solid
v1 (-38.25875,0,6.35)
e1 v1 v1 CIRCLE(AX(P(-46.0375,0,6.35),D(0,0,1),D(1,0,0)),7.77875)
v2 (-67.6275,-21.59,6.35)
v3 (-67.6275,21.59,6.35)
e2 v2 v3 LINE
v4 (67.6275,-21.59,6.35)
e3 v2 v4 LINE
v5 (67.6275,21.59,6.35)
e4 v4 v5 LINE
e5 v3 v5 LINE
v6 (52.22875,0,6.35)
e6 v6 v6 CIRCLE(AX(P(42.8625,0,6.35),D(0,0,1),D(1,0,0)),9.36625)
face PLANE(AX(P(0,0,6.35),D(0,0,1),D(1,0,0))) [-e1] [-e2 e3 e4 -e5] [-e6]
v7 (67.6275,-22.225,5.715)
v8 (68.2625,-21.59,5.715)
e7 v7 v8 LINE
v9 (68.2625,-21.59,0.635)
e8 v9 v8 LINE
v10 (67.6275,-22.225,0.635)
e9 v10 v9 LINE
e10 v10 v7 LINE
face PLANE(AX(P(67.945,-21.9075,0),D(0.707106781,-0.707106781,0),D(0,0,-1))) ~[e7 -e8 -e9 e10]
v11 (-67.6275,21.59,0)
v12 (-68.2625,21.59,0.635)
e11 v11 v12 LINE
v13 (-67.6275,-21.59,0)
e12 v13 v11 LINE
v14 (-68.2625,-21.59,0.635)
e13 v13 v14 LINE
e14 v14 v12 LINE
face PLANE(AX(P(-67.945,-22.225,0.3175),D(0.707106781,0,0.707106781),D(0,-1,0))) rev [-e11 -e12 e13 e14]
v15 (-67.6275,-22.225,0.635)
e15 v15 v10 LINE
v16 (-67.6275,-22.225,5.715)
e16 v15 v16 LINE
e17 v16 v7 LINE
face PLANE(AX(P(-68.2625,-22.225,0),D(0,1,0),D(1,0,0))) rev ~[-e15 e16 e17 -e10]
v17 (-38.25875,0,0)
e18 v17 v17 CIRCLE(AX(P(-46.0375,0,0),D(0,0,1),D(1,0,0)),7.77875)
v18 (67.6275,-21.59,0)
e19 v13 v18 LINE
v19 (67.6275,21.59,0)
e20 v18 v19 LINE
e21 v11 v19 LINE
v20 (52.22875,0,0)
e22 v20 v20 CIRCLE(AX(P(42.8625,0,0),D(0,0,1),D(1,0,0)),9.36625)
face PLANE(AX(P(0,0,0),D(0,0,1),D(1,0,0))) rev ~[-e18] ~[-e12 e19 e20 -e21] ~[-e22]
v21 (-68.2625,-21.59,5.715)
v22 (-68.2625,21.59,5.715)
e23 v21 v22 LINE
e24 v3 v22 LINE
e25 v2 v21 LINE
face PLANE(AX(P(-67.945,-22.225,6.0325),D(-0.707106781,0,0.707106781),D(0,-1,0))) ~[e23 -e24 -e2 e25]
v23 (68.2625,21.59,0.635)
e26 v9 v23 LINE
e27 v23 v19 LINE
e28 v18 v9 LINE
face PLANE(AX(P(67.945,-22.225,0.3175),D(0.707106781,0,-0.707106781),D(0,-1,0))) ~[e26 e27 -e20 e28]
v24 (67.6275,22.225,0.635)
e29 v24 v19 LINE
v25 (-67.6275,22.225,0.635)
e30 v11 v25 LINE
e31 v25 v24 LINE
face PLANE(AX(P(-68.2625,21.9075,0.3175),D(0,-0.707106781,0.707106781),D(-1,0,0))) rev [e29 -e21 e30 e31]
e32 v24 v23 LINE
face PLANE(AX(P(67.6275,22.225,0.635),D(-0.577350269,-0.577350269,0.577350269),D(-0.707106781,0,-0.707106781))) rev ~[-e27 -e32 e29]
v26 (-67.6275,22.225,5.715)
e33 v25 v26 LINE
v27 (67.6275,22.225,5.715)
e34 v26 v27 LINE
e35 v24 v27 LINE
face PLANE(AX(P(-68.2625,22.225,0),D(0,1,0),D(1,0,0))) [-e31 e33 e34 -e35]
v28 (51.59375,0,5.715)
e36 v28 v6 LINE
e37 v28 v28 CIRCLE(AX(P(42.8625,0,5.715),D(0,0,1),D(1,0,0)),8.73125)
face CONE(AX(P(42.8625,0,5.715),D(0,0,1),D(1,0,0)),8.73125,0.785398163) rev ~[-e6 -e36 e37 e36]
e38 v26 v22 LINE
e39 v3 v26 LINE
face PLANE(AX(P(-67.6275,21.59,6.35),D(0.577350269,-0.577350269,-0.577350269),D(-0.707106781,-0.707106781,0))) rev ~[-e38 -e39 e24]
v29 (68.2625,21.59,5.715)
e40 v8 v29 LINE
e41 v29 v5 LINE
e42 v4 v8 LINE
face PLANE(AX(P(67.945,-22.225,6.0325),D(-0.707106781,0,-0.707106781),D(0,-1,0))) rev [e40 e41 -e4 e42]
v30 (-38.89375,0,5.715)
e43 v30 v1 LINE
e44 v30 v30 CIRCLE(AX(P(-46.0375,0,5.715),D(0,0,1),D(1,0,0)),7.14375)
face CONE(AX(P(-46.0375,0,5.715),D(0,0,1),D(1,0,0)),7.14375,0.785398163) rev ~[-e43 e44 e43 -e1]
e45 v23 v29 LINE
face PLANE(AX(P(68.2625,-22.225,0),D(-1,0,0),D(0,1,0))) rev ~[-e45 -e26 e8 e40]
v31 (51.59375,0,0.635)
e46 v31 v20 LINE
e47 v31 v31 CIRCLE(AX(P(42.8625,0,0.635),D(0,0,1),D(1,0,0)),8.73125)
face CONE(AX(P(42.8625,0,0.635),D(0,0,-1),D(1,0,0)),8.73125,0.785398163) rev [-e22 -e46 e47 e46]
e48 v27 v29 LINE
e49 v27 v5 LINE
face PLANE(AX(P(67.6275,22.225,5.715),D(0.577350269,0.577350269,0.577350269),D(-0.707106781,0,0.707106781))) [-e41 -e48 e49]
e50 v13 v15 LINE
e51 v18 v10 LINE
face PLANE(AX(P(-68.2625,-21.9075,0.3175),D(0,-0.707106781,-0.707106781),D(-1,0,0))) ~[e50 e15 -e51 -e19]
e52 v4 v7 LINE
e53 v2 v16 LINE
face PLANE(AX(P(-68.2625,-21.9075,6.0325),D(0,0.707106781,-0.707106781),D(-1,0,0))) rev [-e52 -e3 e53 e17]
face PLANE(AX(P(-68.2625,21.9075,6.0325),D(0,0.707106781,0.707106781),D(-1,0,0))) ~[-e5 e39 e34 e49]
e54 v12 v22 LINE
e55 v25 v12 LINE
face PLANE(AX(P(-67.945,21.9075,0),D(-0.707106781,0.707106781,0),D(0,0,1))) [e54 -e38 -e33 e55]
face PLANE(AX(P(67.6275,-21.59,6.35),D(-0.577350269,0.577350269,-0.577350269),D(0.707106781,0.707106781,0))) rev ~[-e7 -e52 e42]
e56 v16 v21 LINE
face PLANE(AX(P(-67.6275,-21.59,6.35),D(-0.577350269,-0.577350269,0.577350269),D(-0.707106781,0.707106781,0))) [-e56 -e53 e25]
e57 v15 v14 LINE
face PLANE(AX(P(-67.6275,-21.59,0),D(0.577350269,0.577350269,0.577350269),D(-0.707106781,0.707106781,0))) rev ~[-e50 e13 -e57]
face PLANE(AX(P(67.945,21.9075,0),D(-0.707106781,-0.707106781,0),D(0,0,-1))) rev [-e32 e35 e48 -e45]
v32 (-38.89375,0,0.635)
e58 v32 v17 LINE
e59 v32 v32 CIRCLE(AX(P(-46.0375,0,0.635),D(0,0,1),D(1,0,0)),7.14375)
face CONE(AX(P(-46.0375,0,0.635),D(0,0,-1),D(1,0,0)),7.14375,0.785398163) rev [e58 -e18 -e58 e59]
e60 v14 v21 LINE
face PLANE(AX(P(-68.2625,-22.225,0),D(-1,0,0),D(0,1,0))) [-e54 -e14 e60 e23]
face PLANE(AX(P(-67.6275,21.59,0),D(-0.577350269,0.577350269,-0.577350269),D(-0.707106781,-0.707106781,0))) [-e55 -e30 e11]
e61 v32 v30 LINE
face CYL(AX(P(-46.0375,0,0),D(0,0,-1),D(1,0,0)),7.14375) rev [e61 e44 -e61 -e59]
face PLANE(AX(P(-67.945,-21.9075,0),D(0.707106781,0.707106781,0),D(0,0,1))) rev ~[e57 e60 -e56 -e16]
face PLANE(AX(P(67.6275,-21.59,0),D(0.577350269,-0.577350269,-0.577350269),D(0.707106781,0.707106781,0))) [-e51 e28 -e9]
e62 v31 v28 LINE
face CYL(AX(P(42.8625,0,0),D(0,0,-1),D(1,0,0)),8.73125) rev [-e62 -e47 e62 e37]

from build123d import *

# Parameters (mm, degrees)
F0_W     = 136.525
F0_H     = 44.45
F0_R     = 7.14375
F0_R_2   = 8.73125
F1_DEPTH = 6.35
F2_SIZE  = 0.635


with BuildPart() as f1:
    # F0 (on Top) → F1 (new body)
    with BuildSketch(Plane.XY):
        Rectangle(F0_W, F0_H)
        with Locations((-46.0375, 0)):
            Circle(F0_R, mode=Mode.SUBTRACT)
        with Locations((42.8625, 0)):
            Circle(F0_R_2, mode=Mode.SUBTRACT)
    extrude(amount=F1_DEPTH)

    # F2
    f2_edges = [f1.edges().sort_by_distance(p)[0] for p in [
        (-68.2625, -22.225, 3.175),
        (68.2625, -22.225, 3.175),
        (0, -22.225, 0),
        (0, -22.225, 6.35),
        (68.2625, 0, 6.35),
        (68.2625, 0, 0),
        (68.2625, 22.225, 3.175),
        (-68.2625, 22.225, 3.175),
        (0, 22.225, 0),
        (0, 22.225, 6.35),
        (34.13125, 0, 6.35),
        (-53.18125, 0, 6.35),
        (-68.2625, 0, 0),
        (-68.2625, 0, 6.35),
        (-53.18125, 0, 0),
        (34.13125, 0, 0),
    ]]
    chamfer(f2_edges, length=F2_SIZE)


solid = f1.part
